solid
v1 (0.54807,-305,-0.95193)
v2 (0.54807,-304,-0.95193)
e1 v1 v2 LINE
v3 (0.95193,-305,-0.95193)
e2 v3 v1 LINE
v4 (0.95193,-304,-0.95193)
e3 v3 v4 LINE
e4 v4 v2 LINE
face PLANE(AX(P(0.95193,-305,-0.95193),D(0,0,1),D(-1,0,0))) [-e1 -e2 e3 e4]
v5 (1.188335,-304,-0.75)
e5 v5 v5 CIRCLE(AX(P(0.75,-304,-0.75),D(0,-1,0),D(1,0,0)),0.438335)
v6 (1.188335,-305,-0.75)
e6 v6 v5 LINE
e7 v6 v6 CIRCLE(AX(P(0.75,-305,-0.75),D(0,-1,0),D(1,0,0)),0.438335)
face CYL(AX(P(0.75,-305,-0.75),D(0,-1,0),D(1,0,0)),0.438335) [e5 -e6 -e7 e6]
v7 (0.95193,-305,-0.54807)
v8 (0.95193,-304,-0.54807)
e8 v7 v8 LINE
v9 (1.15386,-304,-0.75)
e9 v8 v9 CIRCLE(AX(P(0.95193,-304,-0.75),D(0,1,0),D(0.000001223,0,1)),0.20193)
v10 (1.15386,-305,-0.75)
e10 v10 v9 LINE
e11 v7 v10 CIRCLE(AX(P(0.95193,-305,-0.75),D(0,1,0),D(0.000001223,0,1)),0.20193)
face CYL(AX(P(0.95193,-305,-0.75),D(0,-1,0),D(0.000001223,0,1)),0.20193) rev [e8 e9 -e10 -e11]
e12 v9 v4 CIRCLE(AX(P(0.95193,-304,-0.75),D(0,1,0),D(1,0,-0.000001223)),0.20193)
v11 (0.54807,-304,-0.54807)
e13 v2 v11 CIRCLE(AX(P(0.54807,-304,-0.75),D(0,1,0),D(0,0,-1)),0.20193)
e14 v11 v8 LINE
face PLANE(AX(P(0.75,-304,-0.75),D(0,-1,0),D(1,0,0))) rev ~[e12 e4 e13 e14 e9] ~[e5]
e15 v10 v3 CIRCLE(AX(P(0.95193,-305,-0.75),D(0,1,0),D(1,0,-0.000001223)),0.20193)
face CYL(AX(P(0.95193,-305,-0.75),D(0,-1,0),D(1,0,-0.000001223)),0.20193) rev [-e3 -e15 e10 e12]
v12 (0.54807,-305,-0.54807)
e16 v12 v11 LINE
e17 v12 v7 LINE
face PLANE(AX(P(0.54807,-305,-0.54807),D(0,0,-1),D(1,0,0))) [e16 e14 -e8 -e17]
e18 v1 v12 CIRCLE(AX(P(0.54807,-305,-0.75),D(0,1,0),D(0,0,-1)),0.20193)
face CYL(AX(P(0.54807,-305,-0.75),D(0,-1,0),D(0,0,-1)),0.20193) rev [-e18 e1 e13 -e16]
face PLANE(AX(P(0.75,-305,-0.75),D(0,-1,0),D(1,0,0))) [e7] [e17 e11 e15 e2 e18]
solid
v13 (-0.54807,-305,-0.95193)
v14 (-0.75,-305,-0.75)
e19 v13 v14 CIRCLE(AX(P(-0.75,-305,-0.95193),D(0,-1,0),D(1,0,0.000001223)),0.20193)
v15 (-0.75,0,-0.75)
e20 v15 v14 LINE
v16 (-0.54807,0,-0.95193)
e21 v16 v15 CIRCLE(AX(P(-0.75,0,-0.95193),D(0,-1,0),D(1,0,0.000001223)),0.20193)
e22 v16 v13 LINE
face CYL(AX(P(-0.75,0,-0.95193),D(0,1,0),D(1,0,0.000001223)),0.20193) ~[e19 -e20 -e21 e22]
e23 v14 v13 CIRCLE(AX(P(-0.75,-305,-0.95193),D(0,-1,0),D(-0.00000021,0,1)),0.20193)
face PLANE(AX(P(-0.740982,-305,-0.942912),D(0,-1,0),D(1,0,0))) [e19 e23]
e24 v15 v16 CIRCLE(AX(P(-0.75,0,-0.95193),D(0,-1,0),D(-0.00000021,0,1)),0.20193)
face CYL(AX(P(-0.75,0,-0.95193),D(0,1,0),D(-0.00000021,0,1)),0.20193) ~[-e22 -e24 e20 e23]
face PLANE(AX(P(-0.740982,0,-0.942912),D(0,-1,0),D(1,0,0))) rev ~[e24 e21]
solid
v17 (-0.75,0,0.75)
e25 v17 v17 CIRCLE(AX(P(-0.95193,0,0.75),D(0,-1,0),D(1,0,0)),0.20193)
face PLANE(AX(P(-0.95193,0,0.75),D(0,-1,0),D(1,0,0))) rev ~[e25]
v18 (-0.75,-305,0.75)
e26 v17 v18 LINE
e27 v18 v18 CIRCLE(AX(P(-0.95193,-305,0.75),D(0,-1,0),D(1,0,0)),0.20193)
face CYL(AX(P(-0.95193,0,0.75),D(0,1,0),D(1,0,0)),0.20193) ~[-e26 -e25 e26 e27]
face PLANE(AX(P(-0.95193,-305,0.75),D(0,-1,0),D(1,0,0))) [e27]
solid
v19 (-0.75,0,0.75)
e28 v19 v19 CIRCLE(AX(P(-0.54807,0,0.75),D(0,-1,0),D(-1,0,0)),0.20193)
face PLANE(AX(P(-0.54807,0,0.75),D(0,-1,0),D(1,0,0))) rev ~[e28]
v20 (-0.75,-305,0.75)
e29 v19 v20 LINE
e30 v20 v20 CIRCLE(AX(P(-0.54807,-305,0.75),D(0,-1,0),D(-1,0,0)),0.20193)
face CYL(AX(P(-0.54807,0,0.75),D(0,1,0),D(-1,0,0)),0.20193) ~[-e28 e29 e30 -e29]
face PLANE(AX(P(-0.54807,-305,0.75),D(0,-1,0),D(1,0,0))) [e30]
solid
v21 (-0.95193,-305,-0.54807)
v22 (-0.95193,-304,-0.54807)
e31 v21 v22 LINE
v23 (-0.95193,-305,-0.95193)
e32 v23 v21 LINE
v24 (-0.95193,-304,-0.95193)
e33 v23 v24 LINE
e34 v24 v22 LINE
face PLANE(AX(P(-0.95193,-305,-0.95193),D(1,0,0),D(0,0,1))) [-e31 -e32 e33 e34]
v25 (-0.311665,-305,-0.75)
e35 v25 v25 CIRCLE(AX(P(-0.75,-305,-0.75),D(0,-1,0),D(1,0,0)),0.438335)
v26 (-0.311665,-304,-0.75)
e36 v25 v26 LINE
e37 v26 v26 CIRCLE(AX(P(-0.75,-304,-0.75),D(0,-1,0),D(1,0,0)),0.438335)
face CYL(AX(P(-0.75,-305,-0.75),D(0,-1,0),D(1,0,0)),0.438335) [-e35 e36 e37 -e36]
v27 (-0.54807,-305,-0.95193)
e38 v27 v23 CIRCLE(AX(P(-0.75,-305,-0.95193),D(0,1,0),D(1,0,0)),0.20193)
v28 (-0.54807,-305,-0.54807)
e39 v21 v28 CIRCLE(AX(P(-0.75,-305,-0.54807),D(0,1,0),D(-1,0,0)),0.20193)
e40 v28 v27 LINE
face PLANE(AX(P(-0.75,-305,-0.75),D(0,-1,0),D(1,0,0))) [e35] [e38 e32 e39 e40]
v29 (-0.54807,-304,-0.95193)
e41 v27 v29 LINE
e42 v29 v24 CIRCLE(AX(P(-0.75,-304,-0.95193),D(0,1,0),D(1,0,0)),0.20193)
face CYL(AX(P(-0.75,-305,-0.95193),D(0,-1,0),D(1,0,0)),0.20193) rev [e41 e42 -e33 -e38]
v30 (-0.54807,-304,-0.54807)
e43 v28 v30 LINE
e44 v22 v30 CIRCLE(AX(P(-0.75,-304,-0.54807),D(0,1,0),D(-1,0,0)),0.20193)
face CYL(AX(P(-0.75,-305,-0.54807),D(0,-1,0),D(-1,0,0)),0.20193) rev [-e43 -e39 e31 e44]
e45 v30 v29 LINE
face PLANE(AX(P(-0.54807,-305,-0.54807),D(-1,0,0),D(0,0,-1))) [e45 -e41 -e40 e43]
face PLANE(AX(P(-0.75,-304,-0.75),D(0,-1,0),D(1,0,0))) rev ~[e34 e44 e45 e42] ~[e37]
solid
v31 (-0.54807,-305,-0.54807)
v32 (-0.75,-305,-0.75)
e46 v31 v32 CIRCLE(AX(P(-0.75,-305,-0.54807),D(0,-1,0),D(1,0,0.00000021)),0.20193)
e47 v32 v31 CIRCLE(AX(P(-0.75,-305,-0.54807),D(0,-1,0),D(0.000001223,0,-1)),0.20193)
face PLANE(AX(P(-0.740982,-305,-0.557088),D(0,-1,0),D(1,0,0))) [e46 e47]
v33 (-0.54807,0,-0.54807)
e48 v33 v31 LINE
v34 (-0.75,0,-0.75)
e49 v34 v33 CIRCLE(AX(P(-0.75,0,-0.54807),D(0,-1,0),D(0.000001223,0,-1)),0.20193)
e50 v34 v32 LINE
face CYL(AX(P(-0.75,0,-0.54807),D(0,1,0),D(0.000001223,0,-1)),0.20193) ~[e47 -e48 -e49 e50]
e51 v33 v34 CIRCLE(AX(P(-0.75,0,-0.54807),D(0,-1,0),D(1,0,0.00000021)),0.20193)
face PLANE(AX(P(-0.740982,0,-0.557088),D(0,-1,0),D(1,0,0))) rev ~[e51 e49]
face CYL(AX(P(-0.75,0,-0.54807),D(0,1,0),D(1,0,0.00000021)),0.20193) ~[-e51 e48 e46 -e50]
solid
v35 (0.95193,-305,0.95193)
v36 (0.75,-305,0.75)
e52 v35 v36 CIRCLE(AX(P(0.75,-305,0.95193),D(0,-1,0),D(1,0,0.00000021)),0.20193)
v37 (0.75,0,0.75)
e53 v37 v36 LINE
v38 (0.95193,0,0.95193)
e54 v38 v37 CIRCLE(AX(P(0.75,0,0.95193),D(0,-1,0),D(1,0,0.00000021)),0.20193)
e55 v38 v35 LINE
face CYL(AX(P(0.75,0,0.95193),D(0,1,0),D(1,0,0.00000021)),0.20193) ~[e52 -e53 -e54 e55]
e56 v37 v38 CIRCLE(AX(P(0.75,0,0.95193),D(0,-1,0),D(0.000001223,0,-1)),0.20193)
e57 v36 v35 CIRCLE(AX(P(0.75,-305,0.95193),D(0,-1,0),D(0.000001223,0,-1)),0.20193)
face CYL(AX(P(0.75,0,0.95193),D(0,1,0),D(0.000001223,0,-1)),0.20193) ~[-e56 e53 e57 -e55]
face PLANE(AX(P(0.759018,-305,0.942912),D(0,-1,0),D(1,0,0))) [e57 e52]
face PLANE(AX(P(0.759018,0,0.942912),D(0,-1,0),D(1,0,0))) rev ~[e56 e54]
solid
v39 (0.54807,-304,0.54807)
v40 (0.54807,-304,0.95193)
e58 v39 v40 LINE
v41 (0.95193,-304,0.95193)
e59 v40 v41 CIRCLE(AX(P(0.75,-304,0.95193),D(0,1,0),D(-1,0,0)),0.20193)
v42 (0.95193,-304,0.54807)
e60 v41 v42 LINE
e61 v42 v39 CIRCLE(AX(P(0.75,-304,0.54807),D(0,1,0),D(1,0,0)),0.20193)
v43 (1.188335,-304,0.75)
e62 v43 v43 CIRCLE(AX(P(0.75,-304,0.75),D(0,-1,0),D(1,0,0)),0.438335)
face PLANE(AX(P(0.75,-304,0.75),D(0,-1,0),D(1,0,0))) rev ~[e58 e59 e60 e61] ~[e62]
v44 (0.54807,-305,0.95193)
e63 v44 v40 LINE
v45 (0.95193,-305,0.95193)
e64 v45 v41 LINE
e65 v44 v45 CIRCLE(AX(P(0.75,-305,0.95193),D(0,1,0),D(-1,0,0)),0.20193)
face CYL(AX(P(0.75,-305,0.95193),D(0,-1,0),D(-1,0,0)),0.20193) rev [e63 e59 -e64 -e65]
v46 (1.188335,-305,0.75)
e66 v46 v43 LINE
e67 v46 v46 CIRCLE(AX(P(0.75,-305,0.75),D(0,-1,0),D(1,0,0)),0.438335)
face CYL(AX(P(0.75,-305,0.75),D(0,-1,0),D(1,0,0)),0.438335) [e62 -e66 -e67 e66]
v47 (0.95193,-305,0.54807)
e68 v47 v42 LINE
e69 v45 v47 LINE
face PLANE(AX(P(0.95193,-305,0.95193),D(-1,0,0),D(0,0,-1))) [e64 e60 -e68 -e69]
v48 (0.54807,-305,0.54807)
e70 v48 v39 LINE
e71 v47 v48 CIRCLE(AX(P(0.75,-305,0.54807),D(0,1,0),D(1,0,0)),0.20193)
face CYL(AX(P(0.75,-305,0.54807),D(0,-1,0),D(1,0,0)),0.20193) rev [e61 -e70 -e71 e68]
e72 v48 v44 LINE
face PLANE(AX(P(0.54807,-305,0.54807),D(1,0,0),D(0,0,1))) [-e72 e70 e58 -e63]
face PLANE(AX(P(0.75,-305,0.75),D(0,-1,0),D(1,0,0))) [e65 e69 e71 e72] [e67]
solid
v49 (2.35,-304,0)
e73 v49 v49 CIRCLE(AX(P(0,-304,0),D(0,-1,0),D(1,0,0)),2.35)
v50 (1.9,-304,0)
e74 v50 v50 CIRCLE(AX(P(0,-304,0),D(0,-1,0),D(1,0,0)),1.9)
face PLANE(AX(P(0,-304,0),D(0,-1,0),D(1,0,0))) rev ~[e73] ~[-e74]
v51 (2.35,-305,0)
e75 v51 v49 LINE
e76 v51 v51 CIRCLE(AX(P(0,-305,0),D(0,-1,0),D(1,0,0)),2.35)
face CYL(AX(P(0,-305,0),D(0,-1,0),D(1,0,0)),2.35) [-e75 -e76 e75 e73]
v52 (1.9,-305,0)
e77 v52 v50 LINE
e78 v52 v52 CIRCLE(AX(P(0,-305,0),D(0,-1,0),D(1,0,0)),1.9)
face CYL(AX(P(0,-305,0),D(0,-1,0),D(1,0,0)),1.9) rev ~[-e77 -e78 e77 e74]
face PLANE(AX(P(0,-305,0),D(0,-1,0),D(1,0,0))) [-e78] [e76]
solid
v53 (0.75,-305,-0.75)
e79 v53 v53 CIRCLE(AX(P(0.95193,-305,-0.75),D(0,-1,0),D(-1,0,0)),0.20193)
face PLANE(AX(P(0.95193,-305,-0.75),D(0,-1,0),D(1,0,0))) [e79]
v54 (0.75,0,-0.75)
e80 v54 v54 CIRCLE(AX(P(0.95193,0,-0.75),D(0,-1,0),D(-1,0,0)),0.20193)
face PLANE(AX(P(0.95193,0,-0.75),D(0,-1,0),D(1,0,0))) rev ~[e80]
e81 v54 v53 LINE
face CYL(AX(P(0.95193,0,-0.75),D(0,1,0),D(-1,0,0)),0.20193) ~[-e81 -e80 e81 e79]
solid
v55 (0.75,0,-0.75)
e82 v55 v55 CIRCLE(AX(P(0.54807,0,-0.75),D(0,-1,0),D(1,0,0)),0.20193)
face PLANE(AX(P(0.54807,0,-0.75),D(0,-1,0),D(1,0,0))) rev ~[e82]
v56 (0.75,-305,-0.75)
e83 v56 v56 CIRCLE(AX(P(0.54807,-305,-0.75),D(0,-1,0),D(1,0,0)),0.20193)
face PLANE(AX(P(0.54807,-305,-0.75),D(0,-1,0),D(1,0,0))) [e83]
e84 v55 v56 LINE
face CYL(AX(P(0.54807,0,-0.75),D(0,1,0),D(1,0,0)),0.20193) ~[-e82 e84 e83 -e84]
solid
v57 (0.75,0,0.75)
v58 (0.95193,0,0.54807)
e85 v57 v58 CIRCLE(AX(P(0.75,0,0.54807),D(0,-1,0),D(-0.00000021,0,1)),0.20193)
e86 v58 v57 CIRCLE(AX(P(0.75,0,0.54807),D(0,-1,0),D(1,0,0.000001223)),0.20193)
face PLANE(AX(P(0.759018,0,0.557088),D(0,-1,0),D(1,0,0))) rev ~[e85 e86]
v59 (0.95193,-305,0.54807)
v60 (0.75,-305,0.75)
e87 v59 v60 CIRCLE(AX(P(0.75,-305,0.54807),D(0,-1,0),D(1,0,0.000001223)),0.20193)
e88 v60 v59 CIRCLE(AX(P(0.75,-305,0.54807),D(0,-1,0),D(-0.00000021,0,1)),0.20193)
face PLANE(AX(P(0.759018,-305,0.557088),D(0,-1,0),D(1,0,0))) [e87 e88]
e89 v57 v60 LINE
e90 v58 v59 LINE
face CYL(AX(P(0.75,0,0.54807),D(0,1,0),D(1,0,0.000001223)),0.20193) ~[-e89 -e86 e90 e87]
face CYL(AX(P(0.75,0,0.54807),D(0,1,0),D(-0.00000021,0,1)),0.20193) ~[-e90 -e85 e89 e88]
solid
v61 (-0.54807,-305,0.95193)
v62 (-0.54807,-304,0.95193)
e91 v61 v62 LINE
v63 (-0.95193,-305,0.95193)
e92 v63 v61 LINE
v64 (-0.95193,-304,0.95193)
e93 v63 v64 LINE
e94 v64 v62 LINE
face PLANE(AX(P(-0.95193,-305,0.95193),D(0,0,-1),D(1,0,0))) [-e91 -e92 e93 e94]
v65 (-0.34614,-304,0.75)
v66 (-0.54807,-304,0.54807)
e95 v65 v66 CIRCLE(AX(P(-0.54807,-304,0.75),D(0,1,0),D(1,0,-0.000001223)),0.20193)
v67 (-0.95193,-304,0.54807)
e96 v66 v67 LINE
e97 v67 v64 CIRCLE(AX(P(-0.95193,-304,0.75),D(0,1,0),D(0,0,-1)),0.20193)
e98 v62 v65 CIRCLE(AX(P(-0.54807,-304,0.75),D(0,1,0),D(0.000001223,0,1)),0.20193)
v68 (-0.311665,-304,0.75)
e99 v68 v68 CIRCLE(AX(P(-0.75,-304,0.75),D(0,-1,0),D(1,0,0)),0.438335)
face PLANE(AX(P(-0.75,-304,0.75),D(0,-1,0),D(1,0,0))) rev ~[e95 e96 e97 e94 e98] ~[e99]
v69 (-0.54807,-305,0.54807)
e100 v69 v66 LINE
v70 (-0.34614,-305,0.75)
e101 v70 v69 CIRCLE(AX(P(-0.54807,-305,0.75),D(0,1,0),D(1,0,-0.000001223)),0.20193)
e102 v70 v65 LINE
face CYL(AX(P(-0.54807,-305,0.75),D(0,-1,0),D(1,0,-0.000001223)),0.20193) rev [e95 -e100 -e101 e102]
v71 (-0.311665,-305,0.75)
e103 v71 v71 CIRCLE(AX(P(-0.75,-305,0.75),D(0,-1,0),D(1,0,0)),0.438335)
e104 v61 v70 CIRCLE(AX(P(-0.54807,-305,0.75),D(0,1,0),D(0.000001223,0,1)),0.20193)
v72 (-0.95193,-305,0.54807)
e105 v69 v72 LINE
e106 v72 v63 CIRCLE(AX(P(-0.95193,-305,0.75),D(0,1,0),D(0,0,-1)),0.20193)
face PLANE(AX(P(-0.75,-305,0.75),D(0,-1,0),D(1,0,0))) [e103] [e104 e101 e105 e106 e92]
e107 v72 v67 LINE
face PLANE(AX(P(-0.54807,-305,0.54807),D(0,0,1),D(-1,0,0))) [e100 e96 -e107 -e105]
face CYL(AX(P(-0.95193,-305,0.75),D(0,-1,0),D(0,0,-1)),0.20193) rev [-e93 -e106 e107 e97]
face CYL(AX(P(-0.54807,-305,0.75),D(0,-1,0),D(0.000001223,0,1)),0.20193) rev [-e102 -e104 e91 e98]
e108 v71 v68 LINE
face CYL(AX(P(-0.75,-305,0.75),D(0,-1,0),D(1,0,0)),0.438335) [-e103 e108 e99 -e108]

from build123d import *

# Parameters (mm, degrees)
F0_R     = 0.20193
F1_DEPTH = 305
F2_R     = 0.438335
F3_DEPTH = 1
F4_R     = 2.35
F4_R_2   = 1.9
F5_DEPTH = 1


with BuildPart() as f1:
    # F0 (on Front) → F1 (new body)
    with BuildSketch(Plane.XZ):
        with Locations((-0.95193, 0.75)):
            Circle(F0_R)
        with BuildLine():
            ThreePointArc((-0.34614, 0.75), (-0.54807, 0.95193), (-0.75, 0.75))
            ThreePointArc((-0.75, 0.75), (-0.54807, 0.54807), (-0.34614, 0.75))
        make_face()
        with BuildLine():
            ThreePointArc((0.95193, 0.95193), (0.607214, 1.094716), (0.75, 0.75))
            ThreePointArc((0.75, 0.75), (0.892786, 0.809144), (0.95193, 0.95193))
        make_face()
        with BuildLine():
            ThreePointArc((0.75, 0.75), (0.607214, 0.405284), (0.95193, 0.54807))
            ThreePointArc((0.95193, 0.54807), (0.892786, 0.690856), (0.75, 0.75))
        make_face()
        with BuildLine():
            ThreePointArc((-0.54807, -0.54807), (-0.892786, -0.405284), (-0.75, -0.75))
            ThreePointArc((-0.75, -0.75), (-0.607214, -0.690856), (-0.54807, -0.54807))
        make_face()
        with BuildLine():
            ThreePointArc((-0.75, -0.75), (-0.892786, -1.094716), (-0.54807, -0.95193))
            ThreePointArc((-0.54807, -0.95193), (-0.607214, -0.809144), (-0.75, -0.75))
        make_face()
        with Locations((0.54807, -0.75)):
            Circle(F0_R)
        with BuildLine():
            ThreePointArc((0.75, -0.75), (0.95193, -0.95193), (1.15386, -0.75))
            ThreePointArc((1.15386, -0.75), (0.95193, -0.54807), (0.75, -0.75))
        make_face()
    extrude(amount=F1_DEPTH)


with BuildPart() as f3:
    # F2 (on face) → F3 (new body)
    with BuildSketch(Plane.XZ.offset(305)):
        with Locations((0.75, 0.75)):
            Circle(F2_R)
        with BuildLine():
            ThreePointArc((0.54807, 0.95193), (0.75, 1.15386), (0.95193, 0.95193))
            Line((0.95193, 0.95193), (0.95193, 0.54807))
            ThreePointArc((0.95193, 0.54807), (0.75, 0.34614), (0.54807, 0.54807))
            Line((0.54807, 0.54807), (0.54807, 0.95193))
        make_face(mode=Mode.SUBTRACT)
        with Locations((-0.75, 0.75)):
            Circle(F2_R)
        with BuildLine():
            ThreePointArc((-0.54807, 0.95193), (-0.405284, 0.892786), (-0.34614, 0.75))
            ThreePointArc((-0.34614, 0.75), (-0.405284, 0.607214), (-0.54807, 0.54807))
            Line((-0.54807, 0.54807), (-0.95193, 0.54807))
            ThreePointArc((-0.95193, 0.54807), (-1.15386, 0.75), (-0.95193, 0.95193))
            Line((-0.95193, 0.95193), (-0.54807, 0.95193))
        make_face(mode=Mode.SUBTRACT)
        with Locations((-0.75, -0.75)):
            Circle(F2_R)
        with BuildLine():
            ThreePointArc((-0.95193, -0.54807), (-0.75, -0.34614), (-0.54807, -0.54807))
            Line((-0.54807, -0.54807), (-0.54807, -0.95193))
            ThreePointArc((-0.54807, -0.95193), (-0.75, -1.15386), (-0.95193, -0.95193))
            Line((-0.95193, -0.95193), (-0.95193, -0.54807))
        make_face(mode=Mode.SUBTRACT)
        with Locations((0.75, -0.75)):
            Circle(F2_R)
        with BuildLine():
            ThreePointArc((0.54807, -0.95193), (0.34614, -0.75), (0.54807, -0.54807))
            Line((0.54807, -0.54807), (0.95193, -0.54807))
            ThreePointArc((0.95193, -0.54807), (1.094716, -0.607214), (1.15386, -0.75))
            ThreePointArc((1.15386, -0.75), (1.094716, -0.892786), (0.95193, -0.95193))
            Line((0.95193, -0.95193), (0.54807, -0.95193))
        make_face(mode=Mode.SUBTRACT)
    extrude(amount=-F3_DEPTH)


with BuildPart() as f5:
    # F4 (on face) → F5 (new body)
    with BuildSketch(Plane.XZ.offset(305)):
        Circle(F4_R)
        Circle(F4_R_2, mode=Mode.SUBTRACT)
    extrude(amount=-F5_DEPTH)


solid = Compound([f1.part, f3.part, f5.part])
